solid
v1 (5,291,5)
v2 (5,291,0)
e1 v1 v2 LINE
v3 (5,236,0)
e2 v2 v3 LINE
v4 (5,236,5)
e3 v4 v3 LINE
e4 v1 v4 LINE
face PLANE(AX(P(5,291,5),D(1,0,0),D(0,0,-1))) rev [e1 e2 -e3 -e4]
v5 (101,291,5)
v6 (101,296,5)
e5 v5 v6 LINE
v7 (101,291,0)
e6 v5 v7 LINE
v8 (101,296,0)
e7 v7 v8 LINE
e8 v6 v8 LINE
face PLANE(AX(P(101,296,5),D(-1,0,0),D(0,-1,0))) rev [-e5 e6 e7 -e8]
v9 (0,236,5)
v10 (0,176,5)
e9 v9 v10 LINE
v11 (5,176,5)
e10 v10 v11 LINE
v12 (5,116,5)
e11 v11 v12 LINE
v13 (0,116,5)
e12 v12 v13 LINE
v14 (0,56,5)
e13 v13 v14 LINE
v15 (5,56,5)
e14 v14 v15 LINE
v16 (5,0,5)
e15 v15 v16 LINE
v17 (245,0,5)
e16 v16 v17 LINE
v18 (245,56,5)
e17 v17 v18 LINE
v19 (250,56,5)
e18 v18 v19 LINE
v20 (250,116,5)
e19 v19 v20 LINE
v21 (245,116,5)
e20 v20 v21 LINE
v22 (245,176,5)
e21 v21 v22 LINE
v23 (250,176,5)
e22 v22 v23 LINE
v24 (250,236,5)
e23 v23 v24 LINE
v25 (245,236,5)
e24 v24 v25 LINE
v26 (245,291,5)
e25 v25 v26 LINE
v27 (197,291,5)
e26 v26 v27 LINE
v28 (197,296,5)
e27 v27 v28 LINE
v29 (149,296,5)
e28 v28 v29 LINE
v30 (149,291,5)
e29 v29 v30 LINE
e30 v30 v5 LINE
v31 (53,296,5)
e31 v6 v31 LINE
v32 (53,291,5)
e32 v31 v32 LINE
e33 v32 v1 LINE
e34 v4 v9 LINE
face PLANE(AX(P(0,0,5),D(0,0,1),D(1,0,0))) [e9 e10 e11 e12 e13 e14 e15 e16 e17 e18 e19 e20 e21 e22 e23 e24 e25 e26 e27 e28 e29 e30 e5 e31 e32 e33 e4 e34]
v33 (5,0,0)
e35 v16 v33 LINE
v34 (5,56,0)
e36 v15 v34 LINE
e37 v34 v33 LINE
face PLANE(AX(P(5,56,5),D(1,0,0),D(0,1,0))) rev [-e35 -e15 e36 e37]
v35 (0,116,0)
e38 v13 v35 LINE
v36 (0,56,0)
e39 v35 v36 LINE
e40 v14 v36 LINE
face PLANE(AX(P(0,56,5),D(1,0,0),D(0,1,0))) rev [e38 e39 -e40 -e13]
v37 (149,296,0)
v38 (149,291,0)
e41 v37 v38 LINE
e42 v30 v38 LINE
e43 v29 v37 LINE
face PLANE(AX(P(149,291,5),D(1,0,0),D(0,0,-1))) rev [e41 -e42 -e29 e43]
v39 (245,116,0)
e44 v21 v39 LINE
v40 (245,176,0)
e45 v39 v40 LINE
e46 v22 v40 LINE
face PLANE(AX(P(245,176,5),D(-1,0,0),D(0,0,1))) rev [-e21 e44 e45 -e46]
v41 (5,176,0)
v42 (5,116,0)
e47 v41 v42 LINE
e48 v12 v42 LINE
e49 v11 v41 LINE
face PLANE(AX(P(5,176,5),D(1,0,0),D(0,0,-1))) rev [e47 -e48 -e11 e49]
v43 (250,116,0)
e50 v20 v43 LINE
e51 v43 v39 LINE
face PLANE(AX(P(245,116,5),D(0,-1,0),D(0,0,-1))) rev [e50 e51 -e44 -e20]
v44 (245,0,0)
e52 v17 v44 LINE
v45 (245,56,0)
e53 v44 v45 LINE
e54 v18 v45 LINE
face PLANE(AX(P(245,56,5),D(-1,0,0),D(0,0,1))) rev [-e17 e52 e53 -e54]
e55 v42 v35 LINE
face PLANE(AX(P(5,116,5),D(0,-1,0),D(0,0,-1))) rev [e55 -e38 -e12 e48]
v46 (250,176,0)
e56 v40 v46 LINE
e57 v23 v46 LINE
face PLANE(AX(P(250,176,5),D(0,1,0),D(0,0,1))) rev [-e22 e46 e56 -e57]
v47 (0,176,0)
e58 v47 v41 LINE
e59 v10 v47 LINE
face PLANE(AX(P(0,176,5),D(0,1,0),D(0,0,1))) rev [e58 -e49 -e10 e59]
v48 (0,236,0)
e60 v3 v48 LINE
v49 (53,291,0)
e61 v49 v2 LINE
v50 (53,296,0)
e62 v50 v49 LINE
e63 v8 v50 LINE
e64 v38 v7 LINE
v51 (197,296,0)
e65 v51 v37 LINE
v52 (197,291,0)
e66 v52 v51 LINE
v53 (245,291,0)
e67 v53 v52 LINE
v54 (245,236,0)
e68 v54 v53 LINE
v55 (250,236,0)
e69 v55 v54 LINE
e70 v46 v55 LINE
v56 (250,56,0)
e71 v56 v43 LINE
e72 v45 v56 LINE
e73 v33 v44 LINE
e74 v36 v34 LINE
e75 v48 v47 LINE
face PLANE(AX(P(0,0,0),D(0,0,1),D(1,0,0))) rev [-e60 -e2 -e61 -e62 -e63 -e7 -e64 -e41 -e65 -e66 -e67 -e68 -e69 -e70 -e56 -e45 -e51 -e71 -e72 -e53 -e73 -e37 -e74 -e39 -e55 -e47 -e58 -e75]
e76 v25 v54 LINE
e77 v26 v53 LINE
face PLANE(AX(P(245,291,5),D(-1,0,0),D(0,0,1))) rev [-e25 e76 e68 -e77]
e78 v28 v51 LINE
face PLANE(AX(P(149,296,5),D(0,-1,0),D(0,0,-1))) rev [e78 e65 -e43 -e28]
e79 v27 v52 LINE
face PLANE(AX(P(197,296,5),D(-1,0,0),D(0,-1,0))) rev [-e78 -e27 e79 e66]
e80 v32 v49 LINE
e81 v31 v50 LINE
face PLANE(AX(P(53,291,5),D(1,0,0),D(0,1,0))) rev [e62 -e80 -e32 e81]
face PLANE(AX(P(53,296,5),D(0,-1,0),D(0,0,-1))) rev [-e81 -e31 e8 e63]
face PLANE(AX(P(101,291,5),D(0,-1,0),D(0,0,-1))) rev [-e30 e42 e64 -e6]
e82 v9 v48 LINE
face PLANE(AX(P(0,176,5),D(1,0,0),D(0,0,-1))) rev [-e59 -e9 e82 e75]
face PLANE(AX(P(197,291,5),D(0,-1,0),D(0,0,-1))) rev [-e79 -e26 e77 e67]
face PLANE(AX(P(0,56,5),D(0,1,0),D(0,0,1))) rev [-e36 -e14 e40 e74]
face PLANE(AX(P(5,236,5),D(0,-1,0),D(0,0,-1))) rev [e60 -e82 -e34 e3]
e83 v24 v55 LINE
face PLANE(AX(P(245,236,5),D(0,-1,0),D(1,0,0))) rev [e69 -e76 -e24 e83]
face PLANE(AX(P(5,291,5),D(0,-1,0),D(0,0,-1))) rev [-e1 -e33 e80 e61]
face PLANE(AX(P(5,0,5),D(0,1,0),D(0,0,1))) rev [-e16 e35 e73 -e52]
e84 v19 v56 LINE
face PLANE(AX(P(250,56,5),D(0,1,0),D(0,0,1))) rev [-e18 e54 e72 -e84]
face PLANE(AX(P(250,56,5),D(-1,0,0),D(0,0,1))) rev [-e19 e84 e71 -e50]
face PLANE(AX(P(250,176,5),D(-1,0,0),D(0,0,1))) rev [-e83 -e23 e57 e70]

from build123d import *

# Parameters (mm, degrees)
BOSS_EXTRU_1_DEPTH = 5


with BuildPart() as part:
    # Esquisse1 → Boss.-Extru.1 (new body)
    with BuildSketch(Plane.XY):
        Polygon((5, 291), (5, 236), (0, 236), (0, 176), (5, 176), (5, 116), (0, 116), (0, 56), (5, 56), (5, 0), (245, 0), (245, 56), (250, 56), (250, 116), (245, 116), (245, 176), (250, 176), (250, 236), (245, 236), (245, 291), (197, 291), (197, 296), (149, 296), (149, 291), (101, 291), (101, 296), (53, 296), (53, 291), align=None)
    extrude(amount=BOSS_EXTRU_1_DEPTH)


solid = part.part
